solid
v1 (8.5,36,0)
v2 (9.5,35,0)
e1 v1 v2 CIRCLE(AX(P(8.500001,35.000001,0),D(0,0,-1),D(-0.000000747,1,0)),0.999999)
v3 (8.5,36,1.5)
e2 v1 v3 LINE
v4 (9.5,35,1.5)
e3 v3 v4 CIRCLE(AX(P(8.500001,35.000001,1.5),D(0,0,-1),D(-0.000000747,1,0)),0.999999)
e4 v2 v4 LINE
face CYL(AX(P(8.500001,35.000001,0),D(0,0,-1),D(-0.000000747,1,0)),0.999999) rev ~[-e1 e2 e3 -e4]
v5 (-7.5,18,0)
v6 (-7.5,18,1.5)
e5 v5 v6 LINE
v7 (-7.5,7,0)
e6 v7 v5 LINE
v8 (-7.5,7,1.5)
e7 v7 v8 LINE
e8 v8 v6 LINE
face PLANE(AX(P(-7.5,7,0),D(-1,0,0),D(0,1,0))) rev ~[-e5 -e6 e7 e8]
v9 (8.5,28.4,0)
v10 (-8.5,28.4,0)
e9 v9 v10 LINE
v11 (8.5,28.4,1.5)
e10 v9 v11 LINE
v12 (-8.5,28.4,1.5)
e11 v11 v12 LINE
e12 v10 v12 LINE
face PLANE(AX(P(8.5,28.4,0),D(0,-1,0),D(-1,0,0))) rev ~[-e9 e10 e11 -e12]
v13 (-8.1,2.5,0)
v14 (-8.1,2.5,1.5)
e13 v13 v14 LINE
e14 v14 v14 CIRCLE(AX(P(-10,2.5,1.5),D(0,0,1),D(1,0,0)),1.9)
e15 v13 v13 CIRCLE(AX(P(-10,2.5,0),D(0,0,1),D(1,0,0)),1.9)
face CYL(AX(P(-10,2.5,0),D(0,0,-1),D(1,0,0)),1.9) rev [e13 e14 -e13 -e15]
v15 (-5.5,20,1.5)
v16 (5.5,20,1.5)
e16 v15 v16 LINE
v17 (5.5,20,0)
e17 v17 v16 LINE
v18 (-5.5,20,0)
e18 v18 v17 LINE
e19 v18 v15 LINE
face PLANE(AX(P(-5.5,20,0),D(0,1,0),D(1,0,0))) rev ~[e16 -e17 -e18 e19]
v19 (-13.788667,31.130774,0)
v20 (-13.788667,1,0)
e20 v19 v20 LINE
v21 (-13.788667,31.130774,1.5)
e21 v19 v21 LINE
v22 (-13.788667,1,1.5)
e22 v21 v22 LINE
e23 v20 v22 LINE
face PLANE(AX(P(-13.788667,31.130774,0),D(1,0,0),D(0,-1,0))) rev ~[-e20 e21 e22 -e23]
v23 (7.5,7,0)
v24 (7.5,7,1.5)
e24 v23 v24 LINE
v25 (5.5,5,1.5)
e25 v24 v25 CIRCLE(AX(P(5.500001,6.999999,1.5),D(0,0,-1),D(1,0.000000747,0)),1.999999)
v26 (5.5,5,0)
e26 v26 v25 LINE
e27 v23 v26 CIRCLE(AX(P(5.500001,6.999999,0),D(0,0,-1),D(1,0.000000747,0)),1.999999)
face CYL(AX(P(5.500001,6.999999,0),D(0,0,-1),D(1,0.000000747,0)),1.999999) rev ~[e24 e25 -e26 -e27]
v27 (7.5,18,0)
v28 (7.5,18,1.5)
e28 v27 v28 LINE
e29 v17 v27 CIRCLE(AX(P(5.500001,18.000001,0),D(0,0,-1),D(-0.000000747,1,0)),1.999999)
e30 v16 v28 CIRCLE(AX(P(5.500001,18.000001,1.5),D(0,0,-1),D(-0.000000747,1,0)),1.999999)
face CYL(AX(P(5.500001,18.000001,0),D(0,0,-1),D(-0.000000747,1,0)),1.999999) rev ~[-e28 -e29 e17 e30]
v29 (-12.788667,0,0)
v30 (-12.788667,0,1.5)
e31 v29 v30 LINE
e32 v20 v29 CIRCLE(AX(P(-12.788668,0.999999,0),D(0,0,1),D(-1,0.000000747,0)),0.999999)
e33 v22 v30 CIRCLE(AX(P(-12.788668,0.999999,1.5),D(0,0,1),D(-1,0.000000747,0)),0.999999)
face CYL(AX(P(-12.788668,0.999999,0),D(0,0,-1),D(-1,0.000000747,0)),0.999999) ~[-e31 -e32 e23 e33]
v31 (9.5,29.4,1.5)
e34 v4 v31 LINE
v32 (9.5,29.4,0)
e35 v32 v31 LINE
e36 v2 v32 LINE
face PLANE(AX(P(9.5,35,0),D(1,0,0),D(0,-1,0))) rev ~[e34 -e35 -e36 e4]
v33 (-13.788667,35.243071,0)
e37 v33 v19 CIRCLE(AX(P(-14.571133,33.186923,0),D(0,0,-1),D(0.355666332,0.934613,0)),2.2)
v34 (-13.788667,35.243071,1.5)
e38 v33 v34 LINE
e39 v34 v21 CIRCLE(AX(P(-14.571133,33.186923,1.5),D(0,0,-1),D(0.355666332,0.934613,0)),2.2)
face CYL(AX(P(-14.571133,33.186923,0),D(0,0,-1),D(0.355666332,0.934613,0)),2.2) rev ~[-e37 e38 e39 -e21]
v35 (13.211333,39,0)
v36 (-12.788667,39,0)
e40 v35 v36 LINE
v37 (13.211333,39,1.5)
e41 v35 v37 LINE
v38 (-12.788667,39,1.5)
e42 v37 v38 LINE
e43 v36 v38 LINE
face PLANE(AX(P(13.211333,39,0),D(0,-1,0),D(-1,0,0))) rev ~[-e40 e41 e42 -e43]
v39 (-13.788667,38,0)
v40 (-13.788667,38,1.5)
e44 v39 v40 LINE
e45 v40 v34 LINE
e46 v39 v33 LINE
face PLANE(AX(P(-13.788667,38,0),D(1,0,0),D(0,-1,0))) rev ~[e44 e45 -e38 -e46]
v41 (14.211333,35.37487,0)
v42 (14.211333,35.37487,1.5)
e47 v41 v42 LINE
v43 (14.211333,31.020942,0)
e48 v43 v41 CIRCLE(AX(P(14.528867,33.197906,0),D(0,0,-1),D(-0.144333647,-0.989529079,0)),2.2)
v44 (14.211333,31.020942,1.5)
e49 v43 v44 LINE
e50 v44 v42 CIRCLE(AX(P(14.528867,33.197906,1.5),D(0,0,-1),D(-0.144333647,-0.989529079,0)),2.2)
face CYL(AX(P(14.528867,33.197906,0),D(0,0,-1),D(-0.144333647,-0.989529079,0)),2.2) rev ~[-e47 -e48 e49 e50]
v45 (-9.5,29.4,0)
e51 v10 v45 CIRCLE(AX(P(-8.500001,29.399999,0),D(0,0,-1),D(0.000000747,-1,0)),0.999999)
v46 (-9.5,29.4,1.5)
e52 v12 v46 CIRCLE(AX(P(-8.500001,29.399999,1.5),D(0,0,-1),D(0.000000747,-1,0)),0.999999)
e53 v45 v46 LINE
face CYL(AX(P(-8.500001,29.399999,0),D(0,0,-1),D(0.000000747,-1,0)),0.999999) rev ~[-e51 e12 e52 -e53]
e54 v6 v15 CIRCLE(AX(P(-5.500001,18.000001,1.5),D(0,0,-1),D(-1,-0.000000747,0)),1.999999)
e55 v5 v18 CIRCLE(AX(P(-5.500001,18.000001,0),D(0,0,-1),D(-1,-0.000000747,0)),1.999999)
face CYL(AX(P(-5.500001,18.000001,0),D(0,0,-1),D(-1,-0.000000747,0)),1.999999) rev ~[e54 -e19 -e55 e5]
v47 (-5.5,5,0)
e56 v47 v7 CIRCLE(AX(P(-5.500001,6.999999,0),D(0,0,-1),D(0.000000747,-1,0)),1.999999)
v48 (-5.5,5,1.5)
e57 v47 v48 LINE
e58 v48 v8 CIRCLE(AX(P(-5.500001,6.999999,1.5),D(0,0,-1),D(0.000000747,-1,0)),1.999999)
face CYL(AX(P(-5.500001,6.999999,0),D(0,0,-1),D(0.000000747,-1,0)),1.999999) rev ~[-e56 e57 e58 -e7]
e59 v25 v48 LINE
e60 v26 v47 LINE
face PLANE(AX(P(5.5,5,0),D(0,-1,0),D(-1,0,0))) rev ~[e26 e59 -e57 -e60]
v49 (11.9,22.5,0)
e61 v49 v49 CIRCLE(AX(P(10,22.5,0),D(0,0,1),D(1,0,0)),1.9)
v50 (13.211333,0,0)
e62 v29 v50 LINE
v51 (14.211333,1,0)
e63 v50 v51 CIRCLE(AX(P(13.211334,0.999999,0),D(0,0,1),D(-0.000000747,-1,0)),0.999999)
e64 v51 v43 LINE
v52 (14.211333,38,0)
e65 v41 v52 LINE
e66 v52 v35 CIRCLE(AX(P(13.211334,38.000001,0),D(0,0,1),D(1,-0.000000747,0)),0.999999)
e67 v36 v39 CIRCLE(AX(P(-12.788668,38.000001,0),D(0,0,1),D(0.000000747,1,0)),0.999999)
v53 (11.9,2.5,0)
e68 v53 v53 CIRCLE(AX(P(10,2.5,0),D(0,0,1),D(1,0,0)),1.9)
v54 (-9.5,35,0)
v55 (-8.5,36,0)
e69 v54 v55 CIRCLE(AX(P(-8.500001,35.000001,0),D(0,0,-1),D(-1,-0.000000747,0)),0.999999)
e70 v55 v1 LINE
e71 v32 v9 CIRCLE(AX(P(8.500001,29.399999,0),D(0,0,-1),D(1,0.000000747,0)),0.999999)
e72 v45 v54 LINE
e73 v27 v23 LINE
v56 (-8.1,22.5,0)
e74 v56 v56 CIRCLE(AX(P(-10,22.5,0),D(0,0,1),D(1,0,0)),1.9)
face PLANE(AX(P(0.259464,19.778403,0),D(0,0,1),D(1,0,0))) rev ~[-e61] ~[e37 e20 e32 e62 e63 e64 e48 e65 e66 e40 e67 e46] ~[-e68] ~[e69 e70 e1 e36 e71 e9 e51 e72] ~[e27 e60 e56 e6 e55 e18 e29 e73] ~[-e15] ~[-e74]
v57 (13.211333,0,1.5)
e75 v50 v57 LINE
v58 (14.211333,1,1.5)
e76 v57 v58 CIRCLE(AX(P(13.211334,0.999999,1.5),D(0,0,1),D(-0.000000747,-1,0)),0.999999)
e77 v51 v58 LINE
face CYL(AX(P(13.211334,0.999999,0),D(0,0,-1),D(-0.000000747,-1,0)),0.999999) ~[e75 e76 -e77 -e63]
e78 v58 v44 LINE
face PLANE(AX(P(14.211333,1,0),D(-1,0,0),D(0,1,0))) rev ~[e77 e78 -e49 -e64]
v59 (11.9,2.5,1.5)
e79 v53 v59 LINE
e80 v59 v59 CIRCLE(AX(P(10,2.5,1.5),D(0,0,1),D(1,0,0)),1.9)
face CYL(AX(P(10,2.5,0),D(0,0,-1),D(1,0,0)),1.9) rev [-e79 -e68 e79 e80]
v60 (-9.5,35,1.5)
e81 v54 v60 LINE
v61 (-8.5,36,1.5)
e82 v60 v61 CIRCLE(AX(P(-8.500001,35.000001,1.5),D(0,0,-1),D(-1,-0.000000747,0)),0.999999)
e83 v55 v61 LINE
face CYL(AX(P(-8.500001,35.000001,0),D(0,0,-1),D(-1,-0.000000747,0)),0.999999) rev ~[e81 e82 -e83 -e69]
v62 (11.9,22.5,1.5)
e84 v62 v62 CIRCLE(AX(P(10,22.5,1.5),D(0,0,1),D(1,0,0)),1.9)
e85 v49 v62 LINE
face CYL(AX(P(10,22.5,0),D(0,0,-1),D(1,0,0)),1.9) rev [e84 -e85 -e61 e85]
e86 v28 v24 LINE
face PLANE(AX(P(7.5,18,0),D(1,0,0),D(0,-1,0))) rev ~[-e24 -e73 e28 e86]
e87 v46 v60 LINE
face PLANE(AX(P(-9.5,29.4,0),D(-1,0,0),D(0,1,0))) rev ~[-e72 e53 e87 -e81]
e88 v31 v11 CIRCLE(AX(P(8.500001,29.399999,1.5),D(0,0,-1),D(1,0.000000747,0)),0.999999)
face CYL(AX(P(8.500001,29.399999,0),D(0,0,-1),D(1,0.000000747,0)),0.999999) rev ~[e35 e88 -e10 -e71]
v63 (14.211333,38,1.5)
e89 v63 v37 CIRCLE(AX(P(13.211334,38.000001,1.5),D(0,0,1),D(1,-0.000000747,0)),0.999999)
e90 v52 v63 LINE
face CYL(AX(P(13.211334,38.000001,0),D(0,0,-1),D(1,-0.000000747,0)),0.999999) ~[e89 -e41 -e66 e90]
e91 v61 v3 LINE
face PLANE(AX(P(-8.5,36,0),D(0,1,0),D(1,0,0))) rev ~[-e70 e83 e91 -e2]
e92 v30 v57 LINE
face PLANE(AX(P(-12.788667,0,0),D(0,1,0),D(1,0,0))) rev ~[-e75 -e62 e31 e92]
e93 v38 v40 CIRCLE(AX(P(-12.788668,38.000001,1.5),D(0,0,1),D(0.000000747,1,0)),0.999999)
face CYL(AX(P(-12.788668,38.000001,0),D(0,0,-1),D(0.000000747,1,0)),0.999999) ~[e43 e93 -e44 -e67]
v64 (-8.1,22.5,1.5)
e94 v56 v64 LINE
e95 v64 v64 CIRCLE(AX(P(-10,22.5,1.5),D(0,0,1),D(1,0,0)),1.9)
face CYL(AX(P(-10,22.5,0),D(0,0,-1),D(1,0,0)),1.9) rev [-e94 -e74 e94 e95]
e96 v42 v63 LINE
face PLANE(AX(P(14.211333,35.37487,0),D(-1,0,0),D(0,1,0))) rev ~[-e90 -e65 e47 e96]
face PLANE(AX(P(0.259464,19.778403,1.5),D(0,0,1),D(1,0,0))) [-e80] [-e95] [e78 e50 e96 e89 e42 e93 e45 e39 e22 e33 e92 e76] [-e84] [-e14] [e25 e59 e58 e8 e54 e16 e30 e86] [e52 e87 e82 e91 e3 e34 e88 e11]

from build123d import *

# Parameters (mm, degrees)
F0_R     = 1.9
F1_DEPTH = 1.5


with BuildPart() as f1:
    # F0 (on Top) → F1 (new body)
    with BuildSketch(Plane.XY):
        with BuildLine():
            ThreePointArc((-13.788667, 1), (-13.495774, 0.292893), (-12.788667, 0))
            Line((-12.788667, 0), (13.211333, 0))
            ThreePointArc((13.211333, 0), (13.91844, 0.292893), (14.211333, 1))
            Line((14.211333, 1), (14.211333, 31.020942))
            ThreePointArc((14.211333, 31.020942), (12.328867, 33.197906), (14.211333, 35.37487))
            Line((14.211333, 35.37487), (14.211333, 38))
            ThreePointArc((14.211333, 38), (13.91844, 38.707107), (13.211333, 39))
            Line((13.211333, 39), (-12.788667, 39))
            ThreePointArc((-12.788667, 39), (-13.495774, 38.707107), (-13.788667, 38))
            Line((-13.788667, 38), (-13.788667, 35.243071))
            ThreePointArc((-13.788667, 35.243071), (-12.371133, 33.186923), (-13.788667, 31.130774))
            Line((-13.788667, 31.130774), (-13.788667, 1))
        make_face()
        with Locations((-10, 2.5)):
            Circle(F0_R, mode=Mode.SUBTRACT)
        with BuildLine():
            ThreePointArc((7.5, 7), (6.914214, 5.585786), (5.5, 5))
            Line((5.5, 5), (-5.5, 5))
            ThreePointArc((-5.5, 5), (-6.914214, 5.585786), (-7.5, 7))
            Line((-7.5, 7), (-7.5, 18))
            ThreePointArc((-7.5, 18), (-6.914214, 19.414214), (-5.5, 20))
            Line((-5.5, 20), (5.5, 20))
            ThreePointArc((5.5, 20), (6.914214, 19.414214), (7.5, 18))
            Line((7.5, 18), (7.5, 7))
        make_face(mode=Mode.SUBTRACT)
        with Locations((10, 2.5)):
            Circle(F0_R, mode=Mode.SUBTRACT)
        with Locations((-10, 22.5)):
            Circle(F0_R, mode=Mode.SUBTRACT)
        with BuildLine():
            ThreePointArc((9.5, 29.4), (9.207107, 28.692893), (8.5, 28.4))
            Line((8.5, 28.4), (-8.5, 28.4))
            ThreePointArc((-8.5, 28.4), (-9.207107, 28.692893), (-9.5, 29.4))
            Line((-9.5, 29.4), (-9.5, 35))
            ThreePointArc((-9.5, 35), (-9.207107, 35.707107), (-8.5, 36))
            Line((-8.5, 36), (8.5, 36))
            ThreePointArc((8.5, 36), (9.207107, 35.707107), (9.5, 35))
            Line((9.5, 35), (9.5, 29.4))
        make_face(mode=Mode.SUBTRACT)
        with Locations((10, 22.5)):
            Circle(F0_R, mode=Mode.SUBTRACT)
    extrude(amount=F1_DEPTH)


solid = f1.part
